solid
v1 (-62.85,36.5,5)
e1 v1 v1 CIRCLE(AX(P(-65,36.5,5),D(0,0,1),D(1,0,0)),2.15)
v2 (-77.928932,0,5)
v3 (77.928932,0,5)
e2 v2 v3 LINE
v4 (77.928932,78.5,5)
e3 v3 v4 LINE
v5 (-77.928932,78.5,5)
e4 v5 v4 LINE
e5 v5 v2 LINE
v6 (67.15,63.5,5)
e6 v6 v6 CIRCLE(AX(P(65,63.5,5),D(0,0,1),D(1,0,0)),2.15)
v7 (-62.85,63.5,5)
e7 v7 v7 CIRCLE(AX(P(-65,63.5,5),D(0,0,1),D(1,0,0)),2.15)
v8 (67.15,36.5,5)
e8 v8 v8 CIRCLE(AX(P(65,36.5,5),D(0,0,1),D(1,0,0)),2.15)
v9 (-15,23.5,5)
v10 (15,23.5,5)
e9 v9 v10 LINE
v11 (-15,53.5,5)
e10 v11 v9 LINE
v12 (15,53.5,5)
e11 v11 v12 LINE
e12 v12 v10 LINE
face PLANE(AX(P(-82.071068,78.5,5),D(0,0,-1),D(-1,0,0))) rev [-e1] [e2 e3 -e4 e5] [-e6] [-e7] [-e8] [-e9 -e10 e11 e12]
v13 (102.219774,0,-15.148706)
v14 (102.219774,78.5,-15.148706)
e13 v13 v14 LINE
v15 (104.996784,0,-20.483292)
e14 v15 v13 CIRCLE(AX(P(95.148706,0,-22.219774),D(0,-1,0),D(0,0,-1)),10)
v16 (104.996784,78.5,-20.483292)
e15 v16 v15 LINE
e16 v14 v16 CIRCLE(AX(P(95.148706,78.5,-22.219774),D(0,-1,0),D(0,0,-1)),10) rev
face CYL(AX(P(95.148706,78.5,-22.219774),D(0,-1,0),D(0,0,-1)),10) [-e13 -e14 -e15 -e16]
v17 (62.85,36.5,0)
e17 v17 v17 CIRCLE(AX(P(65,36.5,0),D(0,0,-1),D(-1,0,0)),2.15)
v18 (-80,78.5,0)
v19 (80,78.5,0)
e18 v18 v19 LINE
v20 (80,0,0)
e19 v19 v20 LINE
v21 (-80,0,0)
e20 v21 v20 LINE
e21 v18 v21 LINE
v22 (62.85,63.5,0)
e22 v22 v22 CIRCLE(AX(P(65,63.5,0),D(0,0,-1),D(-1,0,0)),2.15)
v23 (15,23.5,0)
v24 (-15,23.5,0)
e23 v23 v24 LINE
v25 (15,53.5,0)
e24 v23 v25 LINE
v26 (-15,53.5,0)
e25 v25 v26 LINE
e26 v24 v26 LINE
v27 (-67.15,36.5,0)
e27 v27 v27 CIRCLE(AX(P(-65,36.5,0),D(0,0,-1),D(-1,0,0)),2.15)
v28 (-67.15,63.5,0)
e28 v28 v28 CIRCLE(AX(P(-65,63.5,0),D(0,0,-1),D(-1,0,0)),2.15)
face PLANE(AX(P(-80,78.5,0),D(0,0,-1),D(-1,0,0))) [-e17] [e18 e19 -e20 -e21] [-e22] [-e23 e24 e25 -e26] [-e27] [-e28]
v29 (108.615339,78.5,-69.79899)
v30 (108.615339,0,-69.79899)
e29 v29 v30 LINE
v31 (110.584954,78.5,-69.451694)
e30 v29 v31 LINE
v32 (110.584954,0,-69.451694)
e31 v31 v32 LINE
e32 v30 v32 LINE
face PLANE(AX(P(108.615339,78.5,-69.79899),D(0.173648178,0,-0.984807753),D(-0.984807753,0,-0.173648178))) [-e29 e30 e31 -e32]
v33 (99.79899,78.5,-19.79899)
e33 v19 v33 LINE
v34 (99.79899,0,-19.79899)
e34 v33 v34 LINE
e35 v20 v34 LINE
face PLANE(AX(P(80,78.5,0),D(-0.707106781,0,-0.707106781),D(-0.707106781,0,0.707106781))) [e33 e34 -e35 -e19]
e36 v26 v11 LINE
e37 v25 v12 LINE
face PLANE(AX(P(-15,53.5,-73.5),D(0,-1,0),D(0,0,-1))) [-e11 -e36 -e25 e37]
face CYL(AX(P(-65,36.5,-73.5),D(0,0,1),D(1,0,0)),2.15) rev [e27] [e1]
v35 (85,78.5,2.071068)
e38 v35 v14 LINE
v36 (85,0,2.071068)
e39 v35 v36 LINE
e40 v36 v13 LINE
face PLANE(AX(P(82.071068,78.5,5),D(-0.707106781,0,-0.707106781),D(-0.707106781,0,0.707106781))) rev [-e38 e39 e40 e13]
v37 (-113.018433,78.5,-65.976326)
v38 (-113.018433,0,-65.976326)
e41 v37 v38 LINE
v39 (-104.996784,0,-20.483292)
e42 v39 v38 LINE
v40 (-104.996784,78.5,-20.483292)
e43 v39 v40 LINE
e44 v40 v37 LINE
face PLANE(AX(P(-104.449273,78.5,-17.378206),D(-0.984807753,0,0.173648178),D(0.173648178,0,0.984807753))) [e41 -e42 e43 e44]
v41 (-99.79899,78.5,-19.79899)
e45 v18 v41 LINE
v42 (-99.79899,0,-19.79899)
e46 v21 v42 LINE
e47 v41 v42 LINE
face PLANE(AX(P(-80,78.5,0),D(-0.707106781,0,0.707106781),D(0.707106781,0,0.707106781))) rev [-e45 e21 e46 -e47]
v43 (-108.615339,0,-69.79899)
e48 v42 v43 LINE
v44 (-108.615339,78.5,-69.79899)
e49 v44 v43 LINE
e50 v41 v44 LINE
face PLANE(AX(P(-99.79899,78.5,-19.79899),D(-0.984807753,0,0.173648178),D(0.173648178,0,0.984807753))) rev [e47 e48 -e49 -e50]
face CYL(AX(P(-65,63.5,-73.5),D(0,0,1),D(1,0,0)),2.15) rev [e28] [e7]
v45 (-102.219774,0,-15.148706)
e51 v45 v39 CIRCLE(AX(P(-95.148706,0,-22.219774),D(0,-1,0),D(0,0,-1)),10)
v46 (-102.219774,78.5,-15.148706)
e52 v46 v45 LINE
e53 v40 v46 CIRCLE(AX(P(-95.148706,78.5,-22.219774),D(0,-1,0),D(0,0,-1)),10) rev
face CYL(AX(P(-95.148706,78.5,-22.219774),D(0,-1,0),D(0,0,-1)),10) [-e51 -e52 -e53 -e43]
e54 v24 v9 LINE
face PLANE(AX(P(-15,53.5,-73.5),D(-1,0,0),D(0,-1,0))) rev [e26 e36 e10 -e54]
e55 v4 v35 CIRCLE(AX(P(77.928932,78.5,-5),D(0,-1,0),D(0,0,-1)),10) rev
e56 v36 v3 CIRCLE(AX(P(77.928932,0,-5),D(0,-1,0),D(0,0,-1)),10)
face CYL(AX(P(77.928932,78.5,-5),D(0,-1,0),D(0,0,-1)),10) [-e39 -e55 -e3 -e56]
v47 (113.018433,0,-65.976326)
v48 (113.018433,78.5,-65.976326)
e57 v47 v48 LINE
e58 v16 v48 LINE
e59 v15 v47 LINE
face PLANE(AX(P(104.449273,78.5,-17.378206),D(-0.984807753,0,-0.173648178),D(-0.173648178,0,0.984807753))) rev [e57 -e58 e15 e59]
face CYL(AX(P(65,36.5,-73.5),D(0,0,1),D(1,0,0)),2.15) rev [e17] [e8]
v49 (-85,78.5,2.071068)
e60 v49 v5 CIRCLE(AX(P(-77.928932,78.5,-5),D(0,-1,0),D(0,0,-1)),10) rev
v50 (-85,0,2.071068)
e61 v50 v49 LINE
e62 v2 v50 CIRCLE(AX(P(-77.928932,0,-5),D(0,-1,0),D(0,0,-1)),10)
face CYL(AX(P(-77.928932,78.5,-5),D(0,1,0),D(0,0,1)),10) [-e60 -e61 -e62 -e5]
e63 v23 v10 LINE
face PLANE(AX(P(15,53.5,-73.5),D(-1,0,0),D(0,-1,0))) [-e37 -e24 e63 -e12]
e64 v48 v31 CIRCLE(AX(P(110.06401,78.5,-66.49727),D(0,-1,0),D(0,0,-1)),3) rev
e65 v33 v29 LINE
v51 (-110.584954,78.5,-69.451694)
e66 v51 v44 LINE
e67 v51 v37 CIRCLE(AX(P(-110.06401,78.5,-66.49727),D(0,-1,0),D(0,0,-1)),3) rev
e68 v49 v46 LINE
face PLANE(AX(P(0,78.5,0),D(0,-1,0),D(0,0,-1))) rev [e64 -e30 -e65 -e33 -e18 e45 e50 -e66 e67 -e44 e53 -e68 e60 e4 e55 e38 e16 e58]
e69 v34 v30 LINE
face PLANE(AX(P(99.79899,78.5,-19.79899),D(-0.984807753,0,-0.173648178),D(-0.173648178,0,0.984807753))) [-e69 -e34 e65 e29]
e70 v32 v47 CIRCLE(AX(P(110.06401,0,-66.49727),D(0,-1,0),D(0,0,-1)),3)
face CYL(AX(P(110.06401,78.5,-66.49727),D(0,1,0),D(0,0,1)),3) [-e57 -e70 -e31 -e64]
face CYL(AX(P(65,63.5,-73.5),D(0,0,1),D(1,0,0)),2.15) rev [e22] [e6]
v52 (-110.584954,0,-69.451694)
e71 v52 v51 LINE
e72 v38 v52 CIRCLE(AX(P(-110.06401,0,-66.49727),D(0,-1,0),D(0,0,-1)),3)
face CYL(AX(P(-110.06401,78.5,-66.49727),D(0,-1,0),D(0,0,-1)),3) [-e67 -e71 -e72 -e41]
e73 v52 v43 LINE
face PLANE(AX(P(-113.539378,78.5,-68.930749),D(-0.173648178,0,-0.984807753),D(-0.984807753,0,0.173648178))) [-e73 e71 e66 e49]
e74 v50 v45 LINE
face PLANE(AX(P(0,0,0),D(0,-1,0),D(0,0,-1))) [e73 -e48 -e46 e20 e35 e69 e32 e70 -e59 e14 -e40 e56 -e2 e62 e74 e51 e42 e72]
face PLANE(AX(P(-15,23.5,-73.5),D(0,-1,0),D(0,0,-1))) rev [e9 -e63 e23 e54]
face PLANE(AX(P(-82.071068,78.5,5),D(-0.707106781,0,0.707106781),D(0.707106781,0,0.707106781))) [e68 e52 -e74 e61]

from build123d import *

# Parameters (mm, degrees)
BOSS_EXTRUDE1_DEPTH = 78.5
FILLET1_R           = 10
FILLET2_R           = 10
FILLET12_R          = 10
FILLET13_R          = 3
SKETCH2_W           = 30
SKETCH2_H           = 30
CUT_EXTRUDE1_DEPTH  = 78.5
SKETCH4_R           = 2.15
CUT_EXTRUDE2_DEPTH  = 78.5


with BuildPart() as part:
    # Sketch1 → Boss-Extrude1 (new body)
    with BuildSketch(Plane(origin=(0, 0, 0), x_dir=(1, 0, 0), z_dir=(0, 1, 0))):
        Polygon((-80, 0), (80, 0), (99.798989873, 19.798989873), (108.615338909, 69.798989873), (113.539377674, 68.930748985), (104.449273338, 17.378205526), (82.071067812, -5), (-82.071067812, -5), (-104.449273338, 17.378205526), (-113.539377674, 68.930748985), (-108.615338909, 69.798989873), (-99.798989873, 19.798989873), align=None)
    extrude(amount=BOSS_EXTRUDE1_DEPTH)

    # Fillet1
    fillet1_edges = [part.edges().sort_by_distance(p)[0] for p in [
        (82.071067812, 39.25, 5),
    ]]
    fillet(fillet1_edges, radius=FILLET1_R)

    # Fillet2
    fillet2_edges = [part.edges().sort_by_distance(p)[0] for p in [
        (104.449273338, 39.25, -17.378205526),
    ]]
    fillet(fillet2_edges, radius=FILLET2_R)

    # Fillet12
    fillet12_edges = [part.edges().sort_by_distance(p)[0] for p in [
        (-104.449273338, 39.25, -17.378205526),
        (-82.071067812, 39.25, 5),
    ]]
    fillet(fillet12_edges, radius=FILLET12_R)

    # Fillet13
    fillet13_edges = [part.edges().sort_by_distance(p)[0] for p in [
        (-113.539377674, 39.25, -68.930748985),
        (113.539377674, 39.25, -68.930748985),
    ]]
    fillet(fillet13_edges, radius=FILLET13_R)

    # Sketch2 → Cut-Extrude1 (cut)
    with BuildSketch(Plane.XY.offset(5)):
        with Locations((0, 38.5)):
            Rectangle(SKETCH2_W, SKETCH2_H)
    extrude(amount=-CUT_EXTRUDE1_DEPTH, mode=Mode.SUBTRACT)

    # Sketch4 → Cut-Extrude2 (cut)
    with BuildSketch(Plane.XY.offset(5)):
        with Locations((65, 36.5)):
            Circle(SKETCH4_R)
        with Locations((65, 63.5)):
            Circle(SKETCH4_R)
        with Locations((-65, 63.5)):
            Circle(SKETCH4_R)
        with Locations((-65, 36.5)):
            Circle(SKETCH4_R)
    extrude(amount=-CUT_EXTRUDE2_DEPTH, mode=Mode.SUBTRACT)


solid = part.part
